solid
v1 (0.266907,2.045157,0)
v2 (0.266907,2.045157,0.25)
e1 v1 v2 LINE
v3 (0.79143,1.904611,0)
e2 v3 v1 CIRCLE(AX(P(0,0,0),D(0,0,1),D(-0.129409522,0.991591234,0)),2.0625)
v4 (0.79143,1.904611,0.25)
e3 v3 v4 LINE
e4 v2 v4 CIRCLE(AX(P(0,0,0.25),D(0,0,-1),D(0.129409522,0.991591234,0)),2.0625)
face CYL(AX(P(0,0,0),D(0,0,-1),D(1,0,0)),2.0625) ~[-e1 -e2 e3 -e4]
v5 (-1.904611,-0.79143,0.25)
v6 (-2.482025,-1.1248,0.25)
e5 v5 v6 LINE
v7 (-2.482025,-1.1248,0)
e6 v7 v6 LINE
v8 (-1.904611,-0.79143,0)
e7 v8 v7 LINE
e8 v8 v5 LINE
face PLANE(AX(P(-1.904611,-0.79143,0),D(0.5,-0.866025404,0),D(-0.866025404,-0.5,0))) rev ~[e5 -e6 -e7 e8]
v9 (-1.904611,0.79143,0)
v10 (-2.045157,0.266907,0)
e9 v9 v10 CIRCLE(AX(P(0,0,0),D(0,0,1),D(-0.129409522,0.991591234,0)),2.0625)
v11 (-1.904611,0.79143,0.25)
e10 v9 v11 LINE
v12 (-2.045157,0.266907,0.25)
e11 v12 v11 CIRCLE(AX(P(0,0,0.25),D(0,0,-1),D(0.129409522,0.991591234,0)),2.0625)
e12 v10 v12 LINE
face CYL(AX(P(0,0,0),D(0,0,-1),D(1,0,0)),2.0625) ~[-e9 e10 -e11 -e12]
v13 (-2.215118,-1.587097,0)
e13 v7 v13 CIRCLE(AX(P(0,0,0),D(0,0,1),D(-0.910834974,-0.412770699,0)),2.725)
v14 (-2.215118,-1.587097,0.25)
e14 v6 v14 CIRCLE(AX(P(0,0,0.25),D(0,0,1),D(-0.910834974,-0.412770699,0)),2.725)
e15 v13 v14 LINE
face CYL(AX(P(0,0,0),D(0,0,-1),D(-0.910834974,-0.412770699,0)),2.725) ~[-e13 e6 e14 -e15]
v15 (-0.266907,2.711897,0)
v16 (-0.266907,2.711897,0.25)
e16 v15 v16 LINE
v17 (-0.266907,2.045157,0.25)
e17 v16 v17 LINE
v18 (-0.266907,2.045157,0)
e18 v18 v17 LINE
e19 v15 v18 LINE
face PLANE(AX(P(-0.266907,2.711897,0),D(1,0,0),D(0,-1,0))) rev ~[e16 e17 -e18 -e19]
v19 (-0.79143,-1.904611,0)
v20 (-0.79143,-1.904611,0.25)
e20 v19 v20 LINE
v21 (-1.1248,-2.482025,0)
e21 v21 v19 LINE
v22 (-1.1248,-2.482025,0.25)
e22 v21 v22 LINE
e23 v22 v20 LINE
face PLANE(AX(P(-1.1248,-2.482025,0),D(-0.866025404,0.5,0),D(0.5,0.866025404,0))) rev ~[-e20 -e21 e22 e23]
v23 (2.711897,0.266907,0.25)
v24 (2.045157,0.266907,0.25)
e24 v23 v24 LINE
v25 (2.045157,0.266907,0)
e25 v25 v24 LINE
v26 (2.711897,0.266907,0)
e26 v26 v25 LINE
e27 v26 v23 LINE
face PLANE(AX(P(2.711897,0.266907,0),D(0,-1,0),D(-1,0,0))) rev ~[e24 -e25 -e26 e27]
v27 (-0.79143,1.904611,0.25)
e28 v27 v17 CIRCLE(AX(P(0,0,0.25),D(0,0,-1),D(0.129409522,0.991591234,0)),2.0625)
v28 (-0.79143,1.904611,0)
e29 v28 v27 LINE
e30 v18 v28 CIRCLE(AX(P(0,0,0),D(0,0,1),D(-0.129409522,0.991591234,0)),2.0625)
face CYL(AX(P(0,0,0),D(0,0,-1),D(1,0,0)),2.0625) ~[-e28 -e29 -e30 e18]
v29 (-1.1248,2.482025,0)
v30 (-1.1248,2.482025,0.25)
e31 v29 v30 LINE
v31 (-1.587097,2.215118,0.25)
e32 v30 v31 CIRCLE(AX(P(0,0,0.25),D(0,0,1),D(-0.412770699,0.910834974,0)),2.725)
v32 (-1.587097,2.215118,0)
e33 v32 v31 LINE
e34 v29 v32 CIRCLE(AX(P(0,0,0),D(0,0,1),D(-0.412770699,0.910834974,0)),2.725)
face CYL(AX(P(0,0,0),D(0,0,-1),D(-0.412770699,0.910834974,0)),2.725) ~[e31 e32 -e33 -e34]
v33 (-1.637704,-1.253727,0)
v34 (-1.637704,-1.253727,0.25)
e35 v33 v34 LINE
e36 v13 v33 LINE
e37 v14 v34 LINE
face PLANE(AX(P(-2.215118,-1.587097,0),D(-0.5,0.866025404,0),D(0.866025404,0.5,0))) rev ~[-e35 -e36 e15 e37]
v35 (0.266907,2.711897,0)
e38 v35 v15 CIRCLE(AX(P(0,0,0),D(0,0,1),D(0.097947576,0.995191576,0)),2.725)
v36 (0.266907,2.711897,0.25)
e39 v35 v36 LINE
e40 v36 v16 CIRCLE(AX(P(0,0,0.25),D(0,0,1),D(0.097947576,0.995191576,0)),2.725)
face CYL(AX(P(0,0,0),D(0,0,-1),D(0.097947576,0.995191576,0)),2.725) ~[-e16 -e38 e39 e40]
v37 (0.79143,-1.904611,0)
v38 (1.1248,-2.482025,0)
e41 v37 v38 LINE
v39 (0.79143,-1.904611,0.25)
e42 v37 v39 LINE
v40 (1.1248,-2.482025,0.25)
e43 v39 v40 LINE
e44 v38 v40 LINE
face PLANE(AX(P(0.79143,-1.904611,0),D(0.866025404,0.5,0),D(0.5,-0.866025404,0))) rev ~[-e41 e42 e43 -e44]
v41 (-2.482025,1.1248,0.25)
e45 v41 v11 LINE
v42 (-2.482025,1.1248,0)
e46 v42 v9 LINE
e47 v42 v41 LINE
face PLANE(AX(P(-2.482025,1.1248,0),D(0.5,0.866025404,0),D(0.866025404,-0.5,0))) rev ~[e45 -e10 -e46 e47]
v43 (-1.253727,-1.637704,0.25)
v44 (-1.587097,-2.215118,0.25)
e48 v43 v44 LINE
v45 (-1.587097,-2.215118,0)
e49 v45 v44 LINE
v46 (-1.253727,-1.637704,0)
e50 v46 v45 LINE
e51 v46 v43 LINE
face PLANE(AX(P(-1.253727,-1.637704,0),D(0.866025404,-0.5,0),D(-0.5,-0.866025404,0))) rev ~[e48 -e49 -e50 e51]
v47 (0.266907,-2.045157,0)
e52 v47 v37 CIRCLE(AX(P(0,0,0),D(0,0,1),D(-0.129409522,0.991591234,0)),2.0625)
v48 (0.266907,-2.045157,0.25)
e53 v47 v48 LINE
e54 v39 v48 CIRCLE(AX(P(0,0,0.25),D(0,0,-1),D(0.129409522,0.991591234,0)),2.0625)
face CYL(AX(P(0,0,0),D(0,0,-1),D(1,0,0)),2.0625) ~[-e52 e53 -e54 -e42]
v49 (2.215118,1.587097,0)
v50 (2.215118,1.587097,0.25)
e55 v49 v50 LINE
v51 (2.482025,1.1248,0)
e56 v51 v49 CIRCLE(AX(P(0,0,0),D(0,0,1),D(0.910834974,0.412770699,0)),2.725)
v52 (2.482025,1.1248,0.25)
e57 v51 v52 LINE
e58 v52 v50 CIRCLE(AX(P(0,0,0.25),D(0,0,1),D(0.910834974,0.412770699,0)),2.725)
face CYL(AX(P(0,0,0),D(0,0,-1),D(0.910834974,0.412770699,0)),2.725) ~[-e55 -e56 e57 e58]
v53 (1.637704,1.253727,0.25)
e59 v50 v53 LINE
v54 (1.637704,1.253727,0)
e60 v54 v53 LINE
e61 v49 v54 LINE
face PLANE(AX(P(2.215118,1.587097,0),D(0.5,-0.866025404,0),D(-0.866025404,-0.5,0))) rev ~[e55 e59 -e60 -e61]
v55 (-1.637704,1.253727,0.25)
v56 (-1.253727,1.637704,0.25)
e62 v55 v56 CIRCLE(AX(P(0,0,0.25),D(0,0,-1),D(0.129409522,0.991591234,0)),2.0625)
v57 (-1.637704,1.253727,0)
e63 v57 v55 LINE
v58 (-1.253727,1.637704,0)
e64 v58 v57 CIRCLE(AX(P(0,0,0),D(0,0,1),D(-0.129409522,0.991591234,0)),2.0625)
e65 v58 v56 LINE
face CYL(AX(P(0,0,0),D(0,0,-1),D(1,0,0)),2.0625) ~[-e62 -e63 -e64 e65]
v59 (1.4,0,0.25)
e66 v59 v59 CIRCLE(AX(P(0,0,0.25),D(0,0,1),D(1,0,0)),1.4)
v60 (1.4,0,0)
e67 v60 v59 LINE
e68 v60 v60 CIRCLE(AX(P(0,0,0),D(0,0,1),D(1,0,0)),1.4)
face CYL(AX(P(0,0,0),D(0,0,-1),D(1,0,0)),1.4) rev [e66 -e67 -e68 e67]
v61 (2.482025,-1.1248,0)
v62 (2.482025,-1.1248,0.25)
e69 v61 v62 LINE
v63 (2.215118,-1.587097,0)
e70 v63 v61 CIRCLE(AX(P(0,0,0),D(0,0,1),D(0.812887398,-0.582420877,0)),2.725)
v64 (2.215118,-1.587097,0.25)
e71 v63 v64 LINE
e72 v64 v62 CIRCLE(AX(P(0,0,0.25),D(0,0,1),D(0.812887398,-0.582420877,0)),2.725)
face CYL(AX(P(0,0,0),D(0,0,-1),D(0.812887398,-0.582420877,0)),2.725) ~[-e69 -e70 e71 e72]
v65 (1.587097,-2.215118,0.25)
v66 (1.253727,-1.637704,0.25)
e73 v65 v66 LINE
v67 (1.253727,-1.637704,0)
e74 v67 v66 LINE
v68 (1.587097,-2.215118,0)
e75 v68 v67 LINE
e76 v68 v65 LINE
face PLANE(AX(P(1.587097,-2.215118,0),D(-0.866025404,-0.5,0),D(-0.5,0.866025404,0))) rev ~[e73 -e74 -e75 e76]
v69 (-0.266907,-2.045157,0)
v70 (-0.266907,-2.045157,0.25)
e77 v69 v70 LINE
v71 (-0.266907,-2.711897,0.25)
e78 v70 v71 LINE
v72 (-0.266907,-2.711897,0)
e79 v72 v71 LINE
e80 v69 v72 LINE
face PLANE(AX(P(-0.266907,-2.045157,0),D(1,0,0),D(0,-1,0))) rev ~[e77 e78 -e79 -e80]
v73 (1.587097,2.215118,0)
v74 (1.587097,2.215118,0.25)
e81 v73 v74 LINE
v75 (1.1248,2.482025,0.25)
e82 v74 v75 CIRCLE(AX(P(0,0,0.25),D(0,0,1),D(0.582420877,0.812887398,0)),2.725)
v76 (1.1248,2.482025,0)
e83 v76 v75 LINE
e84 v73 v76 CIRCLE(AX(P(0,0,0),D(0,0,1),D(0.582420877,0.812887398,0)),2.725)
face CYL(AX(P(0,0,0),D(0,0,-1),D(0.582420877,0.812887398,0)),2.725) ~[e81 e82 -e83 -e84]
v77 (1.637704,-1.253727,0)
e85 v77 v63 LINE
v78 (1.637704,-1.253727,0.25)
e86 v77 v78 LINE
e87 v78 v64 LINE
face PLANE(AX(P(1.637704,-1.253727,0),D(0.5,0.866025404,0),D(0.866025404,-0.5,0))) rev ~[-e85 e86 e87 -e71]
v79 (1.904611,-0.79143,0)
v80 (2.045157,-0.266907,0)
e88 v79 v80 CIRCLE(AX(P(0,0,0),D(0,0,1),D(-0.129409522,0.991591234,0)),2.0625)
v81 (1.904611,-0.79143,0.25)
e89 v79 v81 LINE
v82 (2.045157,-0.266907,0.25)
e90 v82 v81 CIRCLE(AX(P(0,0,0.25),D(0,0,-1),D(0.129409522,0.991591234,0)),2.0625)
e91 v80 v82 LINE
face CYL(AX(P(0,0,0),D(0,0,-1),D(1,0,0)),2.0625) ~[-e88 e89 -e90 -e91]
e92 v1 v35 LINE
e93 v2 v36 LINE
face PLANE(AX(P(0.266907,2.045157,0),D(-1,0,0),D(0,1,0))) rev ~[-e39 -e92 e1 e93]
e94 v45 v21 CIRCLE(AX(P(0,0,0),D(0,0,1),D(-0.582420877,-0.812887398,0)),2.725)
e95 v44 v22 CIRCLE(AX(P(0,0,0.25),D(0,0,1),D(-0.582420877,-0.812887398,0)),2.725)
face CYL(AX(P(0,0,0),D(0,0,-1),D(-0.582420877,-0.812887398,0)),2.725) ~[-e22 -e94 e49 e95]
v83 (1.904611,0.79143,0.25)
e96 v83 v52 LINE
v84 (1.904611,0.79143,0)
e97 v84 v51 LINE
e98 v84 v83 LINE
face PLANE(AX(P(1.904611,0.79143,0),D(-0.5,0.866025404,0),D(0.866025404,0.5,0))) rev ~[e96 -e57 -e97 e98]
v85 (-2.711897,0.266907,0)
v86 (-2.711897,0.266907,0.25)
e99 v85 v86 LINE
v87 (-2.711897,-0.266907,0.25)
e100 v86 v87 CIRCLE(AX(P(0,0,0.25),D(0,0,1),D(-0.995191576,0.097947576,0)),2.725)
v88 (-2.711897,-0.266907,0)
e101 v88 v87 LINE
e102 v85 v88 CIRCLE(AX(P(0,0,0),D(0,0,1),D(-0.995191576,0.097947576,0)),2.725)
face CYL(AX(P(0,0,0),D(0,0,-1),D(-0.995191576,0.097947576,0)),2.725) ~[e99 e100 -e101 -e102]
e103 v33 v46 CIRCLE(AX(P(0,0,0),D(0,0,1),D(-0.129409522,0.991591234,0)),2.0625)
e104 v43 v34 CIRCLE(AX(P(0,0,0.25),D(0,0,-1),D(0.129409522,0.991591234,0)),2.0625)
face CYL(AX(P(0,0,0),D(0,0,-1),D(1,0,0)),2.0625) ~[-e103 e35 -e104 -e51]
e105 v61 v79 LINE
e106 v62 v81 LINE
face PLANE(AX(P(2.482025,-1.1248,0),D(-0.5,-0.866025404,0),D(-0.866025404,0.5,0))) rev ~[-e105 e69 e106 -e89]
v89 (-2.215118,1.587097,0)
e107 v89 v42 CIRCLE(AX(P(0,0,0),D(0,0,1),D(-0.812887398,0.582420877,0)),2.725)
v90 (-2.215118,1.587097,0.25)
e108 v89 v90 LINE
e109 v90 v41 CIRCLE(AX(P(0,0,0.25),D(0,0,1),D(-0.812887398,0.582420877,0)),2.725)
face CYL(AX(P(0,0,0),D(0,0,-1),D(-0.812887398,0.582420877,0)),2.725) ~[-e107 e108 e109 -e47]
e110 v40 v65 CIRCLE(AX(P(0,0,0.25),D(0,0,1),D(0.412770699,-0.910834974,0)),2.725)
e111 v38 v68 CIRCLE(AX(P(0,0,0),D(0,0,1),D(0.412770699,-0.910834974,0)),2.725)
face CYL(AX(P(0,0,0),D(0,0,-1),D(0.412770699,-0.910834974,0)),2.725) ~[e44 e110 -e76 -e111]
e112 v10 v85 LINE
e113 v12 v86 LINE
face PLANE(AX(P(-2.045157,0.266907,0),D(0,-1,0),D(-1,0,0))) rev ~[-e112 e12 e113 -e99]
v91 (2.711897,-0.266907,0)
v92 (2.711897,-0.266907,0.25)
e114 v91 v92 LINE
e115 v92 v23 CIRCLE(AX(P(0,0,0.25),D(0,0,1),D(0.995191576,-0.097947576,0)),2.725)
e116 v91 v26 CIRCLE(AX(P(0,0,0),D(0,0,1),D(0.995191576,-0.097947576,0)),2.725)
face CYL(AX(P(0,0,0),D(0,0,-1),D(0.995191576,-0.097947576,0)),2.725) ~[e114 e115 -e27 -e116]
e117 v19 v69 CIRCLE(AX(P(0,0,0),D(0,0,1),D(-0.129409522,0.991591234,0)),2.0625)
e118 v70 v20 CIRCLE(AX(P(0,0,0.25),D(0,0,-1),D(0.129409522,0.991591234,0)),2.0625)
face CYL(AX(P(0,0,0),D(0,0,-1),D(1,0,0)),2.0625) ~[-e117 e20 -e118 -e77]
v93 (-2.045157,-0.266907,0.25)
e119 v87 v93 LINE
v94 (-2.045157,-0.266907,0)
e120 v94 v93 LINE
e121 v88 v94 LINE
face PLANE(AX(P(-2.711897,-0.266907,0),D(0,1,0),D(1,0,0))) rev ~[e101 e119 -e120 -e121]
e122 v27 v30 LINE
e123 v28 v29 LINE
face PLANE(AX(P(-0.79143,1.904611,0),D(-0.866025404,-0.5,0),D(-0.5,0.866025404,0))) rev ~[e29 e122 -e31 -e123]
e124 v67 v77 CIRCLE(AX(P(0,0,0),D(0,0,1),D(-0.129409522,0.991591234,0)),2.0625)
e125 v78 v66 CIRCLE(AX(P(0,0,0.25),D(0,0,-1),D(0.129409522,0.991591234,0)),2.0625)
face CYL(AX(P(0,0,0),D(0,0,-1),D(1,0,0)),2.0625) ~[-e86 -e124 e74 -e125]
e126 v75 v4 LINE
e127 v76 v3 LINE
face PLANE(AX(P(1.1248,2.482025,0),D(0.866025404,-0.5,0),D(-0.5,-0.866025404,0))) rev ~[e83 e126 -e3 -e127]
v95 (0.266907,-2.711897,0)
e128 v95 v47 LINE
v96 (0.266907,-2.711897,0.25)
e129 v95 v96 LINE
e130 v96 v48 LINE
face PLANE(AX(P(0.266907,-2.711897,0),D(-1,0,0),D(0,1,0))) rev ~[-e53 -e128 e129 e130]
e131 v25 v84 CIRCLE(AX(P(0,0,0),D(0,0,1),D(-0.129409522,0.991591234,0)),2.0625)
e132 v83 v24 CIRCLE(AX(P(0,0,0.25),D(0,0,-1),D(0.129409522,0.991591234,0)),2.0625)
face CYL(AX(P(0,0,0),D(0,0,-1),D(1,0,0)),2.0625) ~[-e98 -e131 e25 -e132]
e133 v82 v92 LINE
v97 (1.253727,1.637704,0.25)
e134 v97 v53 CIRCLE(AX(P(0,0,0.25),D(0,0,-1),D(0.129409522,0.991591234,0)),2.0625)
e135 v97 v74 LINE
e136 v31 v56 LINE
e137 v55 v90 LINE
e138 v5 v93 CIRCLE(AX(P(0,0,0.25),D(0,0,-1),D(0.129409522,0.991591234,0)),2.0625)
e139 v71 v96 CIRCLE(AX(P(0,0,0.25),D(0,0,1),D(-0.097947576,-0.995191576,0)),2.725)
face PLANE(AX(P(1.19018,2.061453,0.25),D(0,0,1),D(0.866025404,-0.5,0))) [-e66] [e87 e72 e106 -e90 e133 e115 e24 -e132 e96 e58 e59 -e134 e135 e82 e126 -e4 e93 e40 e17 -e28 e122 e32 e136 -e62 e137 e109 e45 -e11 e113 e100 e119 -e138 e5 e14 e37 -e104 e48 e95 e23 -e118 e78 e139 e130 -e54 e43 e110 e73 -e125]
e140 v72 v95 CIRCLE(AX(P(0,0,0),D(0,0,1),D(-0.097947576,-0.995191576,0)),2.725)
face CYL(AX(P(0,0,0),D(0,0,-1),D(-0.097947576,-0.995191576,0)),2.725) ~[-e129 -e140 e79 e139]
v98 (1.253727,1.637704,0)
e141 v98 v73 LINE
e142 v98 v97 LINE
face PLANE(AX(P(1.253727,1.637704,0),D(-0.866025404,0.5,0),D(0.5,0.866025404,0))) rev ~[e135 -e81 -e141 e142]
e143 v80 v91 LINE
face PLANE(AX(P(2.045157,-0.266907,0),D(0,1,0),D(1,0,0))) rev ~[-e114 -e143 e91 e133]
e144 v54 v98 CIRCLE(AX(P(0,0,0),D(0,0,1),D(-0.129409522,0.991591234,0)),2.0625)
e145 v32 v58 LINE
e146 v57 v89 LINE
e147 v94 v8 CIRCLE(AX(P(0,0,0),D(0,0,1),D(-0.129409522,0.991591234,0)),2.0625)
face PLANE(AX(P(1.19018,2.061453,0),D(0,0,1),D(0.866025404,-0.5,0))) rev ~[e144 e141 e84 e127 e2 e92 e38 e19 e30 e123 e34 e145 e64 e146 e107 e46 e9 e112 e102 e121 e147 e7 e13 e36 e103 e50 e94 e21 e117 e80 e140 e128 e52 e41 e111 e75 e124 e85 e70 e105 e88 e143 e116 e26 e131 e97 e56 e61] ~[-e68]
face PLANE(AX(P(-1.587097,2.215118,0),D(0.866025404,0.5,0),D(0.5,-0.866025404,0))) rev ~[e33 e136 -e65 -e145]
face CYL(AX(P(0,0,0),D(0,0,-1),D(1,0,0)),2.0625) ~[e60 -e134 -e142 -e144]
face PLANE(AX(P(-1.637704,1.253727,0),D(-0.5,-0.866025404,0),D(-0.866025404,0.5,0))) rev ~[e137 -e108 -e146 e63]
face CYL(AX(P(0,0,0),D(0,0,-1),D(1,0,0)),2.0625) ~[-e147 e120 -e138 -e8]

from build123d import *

# Parameters (mm, degrees)
SKETCH1_R         = 2.0625
SKETCH1_R_2       = 1.4
EXTRUDE1_DEPTH    = 0.25
EXTRUDE2_DEPTH    = 0.25
CIRPATTERN1_COUNT = 12


with BuildPart() as part:
    # Sketch1 → Extrude1 (new body)
    with BuildSketch(Plane.XY):
        Circle(SKETCH1_R)
        Circle(SKETCH1_R_2, mode=Mode.SUBTRACT)
    extrude(amount=EXTRUDE1_DEPTH)

    # Sketch2 → Extrude2 (add)
    with BuildSketch(Plane.XY):
        with BuildLine():
            Line((-0.26690714, 2.711897044), (-0.26690714, 2.04515692))
            Line((-0.26690714, 2.04515692), (0.26690714, 2.04515692))
            Line((0.26690714, 2.04515692), (0.26690714, 2.711897044))
            ThreePointArc((0.26690714, 2.711897044), (0, 2.725), (-0.26690714, 2.711897044))
        make_face()
    extrude2 = extrude(amount=EXTRUDE2_DEPTH)

    # CirPattern1: Extrude2 ×12 about axis
    cirpattern1_axis = Axis((0, 0, 0), (0, 0, 1))
    for i in range(1, CIRPATTERN1_COUNT):
        add(extrude2.rotate(cirpattern1_axis, i * 360 / CIRPATTERN1_COUNT))


solid = part.part
